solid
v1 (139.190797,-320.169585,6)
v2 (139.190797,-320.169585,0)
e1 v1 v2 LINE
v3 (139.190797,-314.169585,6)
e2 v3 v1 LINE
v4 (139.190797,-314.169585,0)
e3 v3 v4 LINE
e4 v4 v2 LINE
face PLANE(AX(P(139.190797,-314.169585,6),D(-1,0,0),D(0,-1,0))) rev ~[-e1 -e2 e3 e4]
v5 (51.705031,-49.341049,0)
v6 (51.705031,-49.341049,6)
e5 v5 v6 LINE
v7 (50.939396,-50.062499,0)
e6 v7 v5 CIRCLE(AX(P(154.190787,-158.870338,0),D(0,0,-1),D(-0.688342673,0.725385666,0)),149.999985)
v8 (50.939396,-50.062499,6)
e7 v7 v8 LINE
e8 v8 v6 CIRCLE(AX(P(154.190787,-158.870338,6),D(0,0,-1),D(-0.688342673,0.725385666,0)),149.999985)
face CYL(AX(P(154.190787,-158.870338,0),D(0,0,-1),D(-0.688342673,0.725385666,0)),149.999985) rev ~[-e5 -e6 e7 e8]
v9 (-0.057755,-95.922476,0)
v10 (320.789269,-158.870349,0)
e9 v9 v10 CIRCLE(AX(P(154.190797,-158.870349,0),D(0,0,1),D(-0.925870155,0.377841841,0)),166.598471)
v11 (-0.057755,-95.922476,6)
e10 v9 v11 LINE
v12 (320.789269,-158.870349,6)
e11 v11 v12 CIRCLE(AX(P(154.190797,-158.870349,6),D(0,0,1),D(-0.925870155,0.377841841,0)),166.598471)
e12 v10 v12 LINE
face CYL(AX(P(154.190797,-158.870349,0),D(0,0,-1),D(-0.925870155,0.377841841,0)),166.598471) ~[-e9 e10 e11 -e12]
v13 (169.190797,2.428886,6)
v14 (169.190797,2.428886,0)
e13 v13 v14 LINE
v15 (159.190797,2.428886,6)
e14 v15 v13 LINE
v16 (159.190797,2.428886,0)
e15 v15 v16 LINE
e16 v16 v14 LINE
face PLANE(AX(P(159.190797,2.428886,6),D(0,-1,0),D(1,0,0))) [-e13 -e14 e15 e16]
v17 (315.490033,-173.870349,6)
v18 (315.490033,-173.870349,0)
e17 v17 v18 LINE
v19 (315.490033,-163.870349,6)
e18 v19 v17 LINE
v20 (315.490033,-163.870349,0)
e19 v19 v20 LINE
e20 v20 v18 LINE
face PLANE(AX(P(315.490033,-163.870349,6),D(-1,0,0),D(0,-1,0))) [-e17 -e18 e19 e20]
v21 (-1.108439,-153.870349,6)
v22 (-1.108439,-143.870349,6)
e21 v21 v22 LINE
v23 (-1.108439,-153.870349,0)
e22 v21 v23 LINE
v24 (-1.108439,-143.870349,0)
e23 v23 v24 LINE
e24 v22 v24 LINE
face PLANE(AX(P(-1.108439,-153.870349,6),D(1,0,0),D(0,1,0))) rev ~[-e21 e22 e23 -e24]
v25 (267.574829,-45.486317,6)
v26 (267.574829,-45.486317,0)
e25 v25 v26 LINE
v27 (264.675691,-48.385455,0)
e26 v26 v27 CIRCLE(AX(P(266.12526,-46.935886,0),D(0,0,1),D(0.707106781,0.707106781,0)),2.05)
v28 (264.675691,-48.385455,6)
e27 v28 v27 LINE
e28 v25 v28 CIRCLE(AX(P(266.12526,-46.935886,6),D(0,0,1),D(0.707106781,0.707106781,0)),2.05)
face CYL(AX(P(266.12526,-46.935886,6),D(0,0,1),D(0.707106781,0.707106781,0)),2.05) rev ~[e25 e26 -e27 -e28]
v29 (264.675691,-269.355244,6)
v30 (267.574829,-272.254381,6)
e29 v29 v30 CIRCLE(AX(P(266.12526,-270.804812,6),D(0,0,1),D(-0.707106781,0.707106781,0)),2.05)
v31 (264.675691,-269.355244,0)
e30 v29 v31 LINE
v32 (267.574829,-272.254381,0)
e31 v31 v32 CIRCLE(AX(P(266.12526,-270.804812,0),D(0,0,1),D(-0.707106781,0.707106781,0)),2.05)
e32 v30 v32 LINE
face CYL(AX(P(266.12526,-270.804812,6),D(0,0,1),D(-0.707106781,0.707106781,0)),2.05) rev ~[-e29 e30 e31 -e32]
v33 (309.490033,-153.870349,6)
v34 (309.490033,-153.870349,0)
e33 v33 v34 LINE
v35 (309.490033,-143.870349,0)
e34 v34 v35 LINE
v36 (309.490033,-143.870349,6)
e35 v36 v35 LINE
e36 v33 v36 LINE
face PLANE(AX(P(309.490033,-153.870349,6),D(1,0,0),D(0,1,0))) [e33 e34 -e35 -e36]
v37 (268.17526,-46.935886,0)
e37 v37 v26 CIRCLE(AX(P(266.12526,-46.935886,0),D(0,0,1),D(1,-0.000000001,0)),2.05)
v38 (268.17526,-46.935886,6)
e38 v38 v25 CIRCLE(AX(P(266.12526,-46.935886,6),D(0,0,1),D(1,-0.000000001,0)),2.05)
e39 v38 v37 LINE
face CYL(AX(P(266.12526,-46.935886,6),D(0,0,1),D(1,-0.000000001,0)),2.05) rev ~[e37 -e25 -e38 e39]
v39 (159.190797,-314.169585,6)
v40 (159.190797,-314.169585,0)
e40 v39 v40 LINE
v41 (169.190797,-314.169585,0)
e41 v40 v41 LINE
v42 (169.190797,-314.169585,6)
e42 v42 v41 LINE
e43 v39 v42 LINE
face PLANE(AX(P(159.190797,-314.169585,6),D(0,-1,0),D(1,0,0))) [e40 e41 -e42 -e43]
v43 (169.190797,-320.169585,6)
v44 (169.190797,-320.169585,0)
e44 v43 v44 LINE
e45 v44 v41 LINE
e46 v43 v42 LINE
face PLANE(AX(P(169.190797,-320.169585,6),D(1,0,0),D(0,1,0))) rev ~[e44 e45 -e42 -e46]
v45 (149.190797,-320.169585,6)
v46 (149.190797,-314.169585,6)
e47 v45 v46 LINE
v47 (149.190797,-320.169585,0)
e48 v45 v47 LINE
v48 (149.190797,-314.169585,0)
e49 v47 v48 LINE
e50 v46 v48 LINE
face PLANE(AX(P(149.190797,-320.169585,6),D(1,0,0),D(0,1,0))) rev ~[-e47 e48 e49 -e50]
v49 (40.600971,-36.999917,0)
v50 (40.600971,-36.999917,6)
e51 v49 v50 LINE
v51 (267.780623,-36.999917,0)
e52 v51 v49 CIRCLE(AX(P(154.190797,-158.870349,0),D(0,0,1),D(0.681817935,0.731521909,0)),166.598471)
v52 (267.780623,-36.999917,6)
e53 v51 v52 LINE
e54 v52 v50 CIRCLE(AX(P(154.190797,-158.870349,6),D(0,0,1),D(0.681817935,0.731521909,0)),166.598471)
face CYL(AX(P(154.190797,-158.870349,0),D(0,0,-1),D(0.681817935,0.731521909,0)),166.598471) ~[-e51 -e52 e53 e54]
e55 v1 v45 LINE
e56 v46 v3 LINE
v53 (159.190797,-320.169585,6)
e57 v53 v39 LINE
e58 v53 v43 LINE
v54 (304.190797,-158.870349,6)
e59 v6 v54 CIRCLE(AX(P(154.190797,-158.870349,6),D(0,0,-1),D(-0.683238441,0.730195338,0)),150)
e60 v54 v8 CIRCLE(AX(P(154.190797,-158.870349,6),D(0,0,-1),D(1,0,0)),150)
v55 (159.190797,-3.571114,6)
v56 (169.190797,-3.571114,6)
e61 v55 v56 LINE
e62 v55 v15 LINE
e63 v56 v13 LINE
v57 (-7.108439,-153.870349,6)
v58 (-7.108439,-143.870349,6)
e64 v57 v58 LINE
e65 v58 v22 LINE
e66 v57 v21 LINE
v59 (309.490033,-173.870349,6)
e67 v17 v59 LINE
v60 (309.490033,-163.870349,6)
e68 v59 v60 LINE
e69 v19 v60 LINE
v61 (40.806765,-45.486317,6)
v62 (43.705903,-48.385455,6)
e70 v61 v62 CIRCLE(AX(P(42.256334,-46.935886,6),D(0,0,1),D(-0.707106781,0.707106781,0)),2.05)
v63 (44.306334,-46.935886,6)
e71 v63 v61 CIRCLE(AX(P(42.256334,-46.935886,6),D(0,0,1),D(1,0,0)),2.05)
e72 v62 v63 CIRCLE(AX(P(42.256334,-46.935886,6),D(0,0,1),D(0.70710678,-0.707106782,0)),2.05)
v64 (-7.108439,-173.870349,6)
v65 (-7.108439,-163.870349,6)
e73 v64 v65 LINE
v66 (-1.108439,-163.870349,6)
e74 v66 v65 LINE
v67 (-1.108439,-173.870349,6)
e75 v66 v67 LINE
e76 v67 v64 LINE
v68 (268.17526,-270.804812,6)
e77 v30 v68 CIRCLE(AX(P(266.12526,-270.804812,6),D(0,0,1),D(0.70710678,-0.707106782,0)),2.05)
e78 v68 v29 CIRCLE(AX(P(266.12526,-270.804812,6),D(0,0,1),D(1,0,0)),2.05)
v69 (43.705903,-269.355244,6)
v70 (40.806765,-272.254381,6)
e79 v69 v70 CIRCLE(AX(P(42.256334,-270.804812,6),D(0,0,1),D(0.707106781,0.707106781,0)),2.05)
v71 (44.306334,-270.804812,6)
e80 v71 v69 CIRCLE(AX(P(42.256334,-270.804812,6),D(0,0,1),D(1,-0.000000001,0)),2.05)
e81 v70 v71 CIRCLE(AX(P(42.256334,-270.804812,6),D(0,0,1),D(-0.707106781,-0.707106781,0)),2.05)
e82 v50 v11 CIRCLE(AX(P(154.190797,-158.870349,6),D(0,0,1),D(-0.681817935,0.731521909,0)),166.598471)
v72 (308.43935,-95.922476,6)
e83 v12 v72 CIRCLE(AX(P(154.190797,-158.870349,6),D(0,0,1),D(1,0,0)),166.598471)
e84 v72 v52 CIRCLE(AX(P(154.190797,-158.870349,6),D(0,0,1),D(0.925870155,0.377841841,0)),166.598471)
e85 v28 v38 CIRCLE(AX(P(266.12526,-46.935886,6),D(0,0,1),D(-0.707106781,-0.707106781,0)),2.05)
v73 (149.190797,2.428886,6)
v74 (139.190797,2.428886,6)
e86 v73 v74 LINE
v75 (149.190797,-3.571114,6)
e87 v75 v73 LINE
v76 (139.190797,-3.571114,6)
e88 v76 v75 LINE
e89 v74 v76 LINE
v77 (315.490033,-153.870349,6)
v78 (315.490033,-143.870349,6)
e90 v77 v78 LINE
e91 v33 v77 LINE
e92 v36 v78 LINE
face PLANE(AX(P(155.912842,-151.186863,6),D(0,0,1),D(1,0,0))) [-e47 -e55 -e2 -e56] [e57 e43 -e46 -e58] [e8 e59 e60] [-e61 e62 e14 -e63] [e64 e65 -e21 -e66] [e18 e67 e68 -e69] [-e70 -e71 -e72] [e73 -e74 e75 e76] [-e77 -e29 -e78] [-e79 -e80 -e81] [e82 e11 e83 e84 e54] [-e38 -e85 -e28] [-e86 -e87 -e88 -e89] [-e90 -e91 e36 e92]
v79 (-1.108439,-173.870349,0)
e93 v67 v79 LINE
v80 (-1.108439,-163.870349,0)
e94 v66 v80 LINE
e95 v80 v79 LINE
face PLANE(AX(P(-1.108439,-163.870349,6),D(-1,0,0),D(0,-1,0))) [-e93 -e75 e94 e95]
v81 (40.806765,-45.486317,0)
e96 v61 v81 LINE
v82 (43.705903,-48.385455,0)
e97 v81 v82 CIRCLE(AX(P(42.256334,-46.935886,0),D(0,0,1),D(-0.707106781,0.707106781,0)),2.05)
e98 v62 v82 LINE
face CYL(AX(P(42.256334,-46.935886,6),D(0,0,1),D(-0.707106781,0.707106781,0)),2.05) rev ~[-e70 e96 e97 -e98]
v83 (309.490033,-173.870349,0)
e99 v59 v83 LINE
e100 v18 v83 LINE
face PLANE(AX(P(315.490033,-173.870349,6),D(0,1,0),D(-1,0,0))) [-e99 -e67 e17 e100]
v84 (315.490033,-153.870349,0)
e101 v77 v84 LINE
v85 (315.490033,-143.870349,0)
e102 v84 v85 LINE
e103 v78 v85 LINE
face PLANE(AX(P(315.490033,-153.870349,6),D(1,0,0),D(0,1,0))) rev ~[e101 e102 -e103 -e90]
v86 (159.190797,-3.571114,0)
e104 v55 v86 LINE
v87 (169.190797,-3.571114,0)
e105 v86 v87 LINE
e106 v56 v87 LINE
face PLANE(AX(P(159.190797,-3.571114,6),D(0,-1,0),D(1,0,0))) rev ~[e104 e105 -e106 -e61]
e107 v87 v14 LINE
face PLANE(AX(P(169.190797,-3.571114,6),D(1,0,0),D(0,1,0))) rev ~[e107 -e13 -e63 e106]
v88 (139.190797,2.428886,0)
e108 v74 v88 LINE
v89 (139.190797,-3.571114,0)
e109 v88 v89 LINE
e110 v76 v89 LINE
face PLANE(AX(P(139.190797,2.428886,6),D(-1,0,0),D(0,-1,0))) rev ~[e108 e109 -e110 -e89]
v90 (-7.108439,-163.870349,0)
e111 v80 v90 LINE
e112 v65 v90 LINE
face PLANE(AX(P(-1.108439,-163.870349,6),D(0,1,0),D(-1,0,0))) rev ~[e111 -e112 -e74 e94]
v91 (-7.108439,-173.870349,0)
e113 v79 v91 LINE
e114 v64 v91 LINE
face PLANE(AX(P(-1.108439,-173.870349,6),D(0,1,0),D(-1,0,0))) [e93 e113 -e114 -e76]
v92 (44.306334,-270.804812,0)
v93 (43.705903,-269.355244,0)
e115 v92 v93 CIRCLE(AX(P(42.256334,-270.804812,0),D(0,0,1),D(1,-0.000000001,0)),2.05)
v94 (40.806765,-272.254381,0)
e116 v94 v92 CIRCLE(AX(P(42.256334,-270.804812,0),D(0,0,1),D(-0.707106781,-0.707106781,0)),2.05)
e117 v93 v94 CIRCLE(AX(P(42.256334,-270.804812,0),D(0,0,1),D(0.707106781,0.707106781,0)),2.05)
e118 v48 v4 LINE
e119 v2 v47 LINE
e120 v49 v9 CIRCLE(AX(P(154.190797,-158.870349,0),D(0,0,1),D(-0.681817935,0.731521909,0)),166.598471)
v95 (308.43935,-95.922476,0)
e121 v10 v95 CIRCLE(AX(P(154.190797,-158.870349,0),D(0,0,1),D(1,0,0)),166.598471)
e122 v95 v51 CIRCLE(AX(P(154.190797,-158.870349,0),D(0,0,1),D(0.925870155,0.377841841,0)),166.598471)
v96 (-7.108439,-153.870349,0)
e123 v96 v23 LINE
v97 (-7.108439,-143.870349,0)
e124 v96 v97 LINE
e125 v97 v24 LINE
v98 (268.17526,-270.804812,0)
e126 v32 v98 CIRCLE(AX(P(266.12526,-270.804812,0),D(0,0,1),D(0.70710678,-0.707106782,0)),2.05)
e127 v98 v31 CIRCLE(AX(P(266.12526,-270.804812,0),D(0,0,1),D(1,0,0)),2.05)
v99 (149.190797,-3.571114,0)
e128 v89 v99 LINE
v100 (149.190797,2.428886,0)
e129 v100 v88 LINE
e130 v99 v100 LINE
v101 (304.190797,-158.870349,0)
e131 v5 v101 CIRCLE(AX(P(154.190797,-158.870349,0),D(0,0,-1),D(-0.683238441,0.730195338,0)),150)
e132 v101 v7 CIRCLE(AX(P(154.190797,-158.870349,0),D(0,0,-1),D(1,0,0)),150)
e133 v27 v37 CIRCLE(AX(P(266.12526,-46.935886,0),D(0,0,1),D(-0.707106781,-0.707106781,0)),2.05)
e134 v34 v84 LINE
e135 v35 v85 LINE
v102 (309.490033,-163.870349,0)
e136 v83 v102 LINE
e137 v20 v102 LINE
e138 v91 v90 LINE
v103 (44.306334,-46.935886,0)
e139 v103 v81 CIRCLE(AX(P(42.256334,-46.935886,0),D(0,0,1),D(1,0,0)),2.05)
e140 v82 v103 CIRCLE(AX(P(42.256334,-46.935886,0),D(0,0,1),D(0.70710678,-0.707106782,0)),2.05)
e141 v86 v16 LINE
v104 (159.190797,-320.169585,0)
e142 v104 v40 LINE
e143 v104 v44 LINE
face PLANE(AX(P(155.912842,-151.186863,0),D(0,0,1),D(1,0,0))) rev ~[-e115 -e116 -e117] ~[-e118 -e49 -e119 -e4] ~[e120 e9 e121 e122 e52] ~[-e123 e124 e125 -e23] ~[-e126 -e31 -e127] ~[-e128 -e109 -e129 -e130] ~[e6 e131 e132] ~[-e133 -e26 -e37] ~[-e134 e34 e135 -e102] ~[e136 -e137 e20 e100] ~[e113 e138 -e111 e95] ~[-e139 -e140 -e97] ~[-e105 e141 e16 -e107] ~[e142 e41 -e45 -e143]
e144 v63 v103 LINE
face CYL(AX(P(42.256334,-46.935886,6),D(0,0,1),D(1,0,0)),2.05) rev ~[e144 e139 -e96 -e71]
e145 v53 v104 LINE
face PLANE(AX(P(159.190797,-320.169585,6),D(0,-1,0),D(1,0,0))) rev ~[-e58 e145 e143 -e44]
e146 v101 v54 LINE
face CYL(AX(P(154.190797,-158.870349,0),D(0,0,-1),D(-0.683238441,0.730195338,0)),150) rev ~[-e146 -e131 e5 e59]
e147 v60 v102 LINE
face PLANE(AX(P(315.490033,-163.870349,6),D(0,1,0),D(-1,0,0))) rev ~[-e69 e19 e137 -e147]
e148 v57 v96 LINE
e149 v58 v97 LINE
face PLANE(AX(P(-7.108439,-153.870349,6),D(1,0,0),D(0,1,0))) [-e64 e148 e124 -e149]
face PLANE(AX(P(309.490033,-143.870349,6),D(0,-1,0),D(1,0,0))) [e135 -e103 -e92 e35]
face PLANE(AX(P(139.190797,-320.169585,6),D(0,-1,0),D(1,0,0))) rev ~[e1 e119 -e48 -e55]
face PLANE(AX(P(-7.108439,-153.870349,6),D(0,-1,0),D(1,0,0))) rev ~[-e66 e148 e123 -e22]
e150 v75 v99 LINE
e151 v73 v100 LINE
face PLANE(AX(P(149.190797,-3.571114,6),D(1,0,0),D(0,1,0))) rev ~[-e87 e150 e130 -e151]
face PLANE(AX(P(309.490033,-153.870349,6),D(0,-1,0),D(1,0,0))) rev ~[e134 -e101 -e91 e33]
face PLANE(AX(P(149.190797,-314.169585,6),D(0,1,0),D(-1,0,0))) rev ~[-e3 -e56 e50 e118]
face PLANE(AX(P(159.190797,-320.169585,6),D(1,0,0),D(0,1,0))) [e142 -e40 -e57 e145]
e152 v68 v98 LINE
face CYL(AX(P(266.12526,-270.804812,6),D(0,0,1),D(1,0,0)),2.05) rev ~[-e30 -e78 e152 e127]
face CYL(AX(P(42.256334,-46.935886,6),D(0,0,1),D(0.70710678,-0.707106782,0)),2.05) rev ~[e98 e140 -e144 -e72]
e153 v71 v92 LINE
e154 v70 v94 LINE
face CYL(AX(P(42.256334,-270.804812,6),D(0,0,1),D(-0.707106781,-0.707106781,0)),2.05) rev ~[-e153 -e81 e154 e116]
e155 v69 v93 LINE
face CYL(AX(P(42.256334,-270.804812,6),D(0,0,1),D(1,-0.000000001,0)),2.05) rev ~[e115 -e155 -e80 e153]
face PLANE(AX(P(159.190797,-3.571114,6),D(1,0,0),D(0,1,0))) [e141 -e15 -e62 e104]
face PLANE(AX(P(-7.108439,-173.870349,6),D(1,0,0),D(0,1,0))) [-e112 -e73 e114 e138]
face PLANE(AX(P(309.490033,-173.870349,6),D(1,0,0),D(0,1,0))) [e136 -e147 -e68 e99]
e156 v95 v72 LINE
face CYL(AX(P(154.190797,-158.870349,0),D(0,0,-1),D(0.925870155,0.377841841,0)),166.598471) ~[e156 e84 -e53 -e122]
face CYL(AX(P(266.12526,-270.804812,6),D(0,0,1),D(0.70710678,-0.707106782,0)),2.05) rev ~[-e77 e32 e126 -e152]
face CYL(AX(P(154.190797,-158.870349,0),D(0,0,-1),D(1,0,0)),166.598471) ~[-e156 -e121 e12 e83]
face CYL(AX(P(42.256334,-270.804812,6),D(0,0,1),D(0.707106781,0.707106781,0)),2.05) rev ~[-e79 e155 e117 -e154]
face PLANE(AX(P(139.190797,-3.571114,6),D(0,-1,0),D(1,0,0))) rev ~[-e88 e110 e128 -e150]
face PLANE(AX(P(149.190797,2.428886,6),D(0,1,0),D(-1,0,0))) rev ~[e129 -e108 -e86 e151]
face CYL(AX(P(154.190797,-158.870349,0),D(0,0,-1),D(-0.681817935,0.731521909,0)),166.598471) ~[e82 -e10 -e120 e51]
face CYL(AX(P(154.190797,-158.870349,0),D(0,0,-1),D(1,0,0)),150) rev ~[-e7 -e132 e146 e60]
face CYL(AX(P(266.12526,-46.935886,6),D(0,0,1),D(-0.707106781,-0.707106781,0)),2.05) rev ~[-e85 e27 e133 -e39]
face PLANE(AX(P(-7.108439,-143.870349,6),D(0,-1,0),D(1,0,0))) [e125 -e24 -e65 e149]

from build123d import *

# Parameters (mm, degrees)
SALIENTE_EXTRUIR1_DEPTH = 6
CROQUIS2_W              = 10
CROQUIS2_H              = 6
CROQUIS2_W_2            = 6
CROQUIS2_H_2            = 10
CORTAR_EXTRUIR1_DEPTH   = 10


with BuildPart() as part:
    # Croquis1 → Saliente-Extruir1 (new body)
    with BuildSketch(Plane.XY):
        with BuildLine():
            ThreePointArc((40.600971411, -36.999917491), (17.069259083, -64.251458669), (-0.057755376, -95.922476295))
            ThreePointArc((-0.057755376, -95.922476295), (122.116838757, -322.352188967), (320.78926855, -158.870349387))
            ThreePointArc((320.78926855, -158.870349387), (317.672636714, -126.79639101), (308.439349644, -95.922476295))
            ThreePointArc((308.439349644, -95.922476295), (291.312335185, -64.251458669), (267.780622857, -36.999917491))
            ThreePointArc((267.780622857, -36.999917491), (154.190797134, 7.728122029), (40.600971411, -36.999917491))
        make_face()
        with BuildLine():
            ThreePointArc((50.939396199, -50.062499464), (51.321581101, -49.701102835), (51.705030941, -49.341048614))
            ThreePointArc((51.705030941, -49.341048614), (213.886421224, -21.26063874), (304.190797134, -158.870349387))
            ThreePointArc((304.190797134, -158.870349387), (94.978087942, -296.688545102), (50.939396199, -50.062499464))
        make_face(mode=Mode.SUBTRACT)
    extrude(amount=SALIENTE_EXTRUIR1_DEPTH)

    # Croquis2 → Cortar-Extruir1 (cut)
    with BuildSketch(Plane.XY.offset(6)):
        Polygon((139.190797134, -3.571113679), (149.190797134, -3.571113679), (149.190797134, -0.571113679), (149.190797134, 2.428886321), (139.190797134, 2.428886321), align=None)
        with Locations((164.190797134, -0.571113679)):
            Rectangle(CROQUIS2_W, CROQUIS2_H)
        with Locations((312.490032842, -148.870349387)):
            Rectangle(CROQUIS2_W_2, CROQUIS2_H_2)
        Polygon((312.490032842, -163.870349387), (315.490032842, -163.870349387), (315.490032842, -173.870349387), (309.490032842, -173.870349387), (309.490032842, -163.870349387), align=None)
        with Locations((164.190797134, -317.169585095)):
            Rectangle(CROQUIS2_W, CROQUIS2_H)
        Polygon((149.190797134, -317.169585095), (149.190797134, -314.169585095), (139.190797134, -314.169585095), (139.190797134, -320.169585095), (149.190797134, -320.169585095), align=None)
        with Locations((-4.108438574, -148.870349387)):
            Rectangle(CROQUIS2_W_2, CROQUIS2_H_2)
        Polygon((-7.108438574, -173.870349387), (-7.108438574, -163.870349387), (-4.108438574, -163.870349387), (-1.108438574, -163.870349387), (-1.108438574, -173.870349387), align=None)
        with BuildLine():
            ThreePointArc((40.806765207, -45.48631746), (40.806765207, -48.385455263), (43.705903009, -48.385455263))
            Line((43.705903009, -48.385455263), (40.806765207, -45.48631746))
        make_face()
        with BuildLine():
            Line((40.806765207, -45.48631746), (43.705903009, -48.385455263))
            ThreePointArc((43.705903009, -48.385455263), (44.15028715, -47.720387398), (44.306334108, -46.935886361))
            ThreePointArc((44.306334108, -46.935886361), (43.040835144, -45.04193332), (40.806765207, -45.48631746))
        make_face()
        with BuildLine():
            ThreePointArc((267.574829061, -45.48631746), (264.675691258, -45.48631746), (264.675691258, -48.385455263))
            Line((264.675691258, -48.385455263), (267.574829061, -45.48631746))
        make_face()
        with BuildLine():
            Line((267.574829061, -45.48631746), (264.675691258, -48.385455263))
            ThreePointArc((264.675691258, -48.385455263), (266.909761196, -48.829839403), (268.17526016, -46.935886361))
            ThreePointArc((268.17526016, -46.935886361), (268.019213202, -46.151385325), (267.574829061, -45.48631746))
        make_face()
        with BuildLine():
            ThreePointArc((268.17526016, -270.804812413), (266.909761196, -268.910859371), (264.675691258, -269.355243512))
            Line((264.675691258, -269.355243512), (267.574829061, -272.254381314))
            ThreePointArc((267.574829061, -272.254381314), (268.019213202, -271.589313449), (268.17526016, -270.804812413))
        make_face()
        with BuildLine():
            Line((267.574829061, -272.254381314), (264.675691258, -269.355243512))
            ThreePointArc((264.675691258, -269.355243512), (264.675691258, -272.254381314), (267.574829061, -272.254381314))
        make_face()
        with BuildLine():
            ThreePointArc((44.306334108, -270.804812413), (44.15028715, -270.020311377), (43.705903009, -269.355243512))
            Line((43.705903009, -269.355243512), (40.806765207, -272.254381314))
            ThreePointArc((40.806765207, -272.254381314), (43.040835144, -272.698765455), (44.306334108, -270.804812413))
        make_face()
        with BuildLine():
            Line((40.806765207, -272.254381314), (43.705903009, -269.355243512))
            ThreePointArc((43.705903009, -269.355243512), (40.806765207, -269.355243512), (40.806765207, -272.254381314))
        make_face()
    extrude(amount=-CORTAR_EXTRUIR1_DEPTH, mode=Mode.SUBTRACT)


solid = part.part
